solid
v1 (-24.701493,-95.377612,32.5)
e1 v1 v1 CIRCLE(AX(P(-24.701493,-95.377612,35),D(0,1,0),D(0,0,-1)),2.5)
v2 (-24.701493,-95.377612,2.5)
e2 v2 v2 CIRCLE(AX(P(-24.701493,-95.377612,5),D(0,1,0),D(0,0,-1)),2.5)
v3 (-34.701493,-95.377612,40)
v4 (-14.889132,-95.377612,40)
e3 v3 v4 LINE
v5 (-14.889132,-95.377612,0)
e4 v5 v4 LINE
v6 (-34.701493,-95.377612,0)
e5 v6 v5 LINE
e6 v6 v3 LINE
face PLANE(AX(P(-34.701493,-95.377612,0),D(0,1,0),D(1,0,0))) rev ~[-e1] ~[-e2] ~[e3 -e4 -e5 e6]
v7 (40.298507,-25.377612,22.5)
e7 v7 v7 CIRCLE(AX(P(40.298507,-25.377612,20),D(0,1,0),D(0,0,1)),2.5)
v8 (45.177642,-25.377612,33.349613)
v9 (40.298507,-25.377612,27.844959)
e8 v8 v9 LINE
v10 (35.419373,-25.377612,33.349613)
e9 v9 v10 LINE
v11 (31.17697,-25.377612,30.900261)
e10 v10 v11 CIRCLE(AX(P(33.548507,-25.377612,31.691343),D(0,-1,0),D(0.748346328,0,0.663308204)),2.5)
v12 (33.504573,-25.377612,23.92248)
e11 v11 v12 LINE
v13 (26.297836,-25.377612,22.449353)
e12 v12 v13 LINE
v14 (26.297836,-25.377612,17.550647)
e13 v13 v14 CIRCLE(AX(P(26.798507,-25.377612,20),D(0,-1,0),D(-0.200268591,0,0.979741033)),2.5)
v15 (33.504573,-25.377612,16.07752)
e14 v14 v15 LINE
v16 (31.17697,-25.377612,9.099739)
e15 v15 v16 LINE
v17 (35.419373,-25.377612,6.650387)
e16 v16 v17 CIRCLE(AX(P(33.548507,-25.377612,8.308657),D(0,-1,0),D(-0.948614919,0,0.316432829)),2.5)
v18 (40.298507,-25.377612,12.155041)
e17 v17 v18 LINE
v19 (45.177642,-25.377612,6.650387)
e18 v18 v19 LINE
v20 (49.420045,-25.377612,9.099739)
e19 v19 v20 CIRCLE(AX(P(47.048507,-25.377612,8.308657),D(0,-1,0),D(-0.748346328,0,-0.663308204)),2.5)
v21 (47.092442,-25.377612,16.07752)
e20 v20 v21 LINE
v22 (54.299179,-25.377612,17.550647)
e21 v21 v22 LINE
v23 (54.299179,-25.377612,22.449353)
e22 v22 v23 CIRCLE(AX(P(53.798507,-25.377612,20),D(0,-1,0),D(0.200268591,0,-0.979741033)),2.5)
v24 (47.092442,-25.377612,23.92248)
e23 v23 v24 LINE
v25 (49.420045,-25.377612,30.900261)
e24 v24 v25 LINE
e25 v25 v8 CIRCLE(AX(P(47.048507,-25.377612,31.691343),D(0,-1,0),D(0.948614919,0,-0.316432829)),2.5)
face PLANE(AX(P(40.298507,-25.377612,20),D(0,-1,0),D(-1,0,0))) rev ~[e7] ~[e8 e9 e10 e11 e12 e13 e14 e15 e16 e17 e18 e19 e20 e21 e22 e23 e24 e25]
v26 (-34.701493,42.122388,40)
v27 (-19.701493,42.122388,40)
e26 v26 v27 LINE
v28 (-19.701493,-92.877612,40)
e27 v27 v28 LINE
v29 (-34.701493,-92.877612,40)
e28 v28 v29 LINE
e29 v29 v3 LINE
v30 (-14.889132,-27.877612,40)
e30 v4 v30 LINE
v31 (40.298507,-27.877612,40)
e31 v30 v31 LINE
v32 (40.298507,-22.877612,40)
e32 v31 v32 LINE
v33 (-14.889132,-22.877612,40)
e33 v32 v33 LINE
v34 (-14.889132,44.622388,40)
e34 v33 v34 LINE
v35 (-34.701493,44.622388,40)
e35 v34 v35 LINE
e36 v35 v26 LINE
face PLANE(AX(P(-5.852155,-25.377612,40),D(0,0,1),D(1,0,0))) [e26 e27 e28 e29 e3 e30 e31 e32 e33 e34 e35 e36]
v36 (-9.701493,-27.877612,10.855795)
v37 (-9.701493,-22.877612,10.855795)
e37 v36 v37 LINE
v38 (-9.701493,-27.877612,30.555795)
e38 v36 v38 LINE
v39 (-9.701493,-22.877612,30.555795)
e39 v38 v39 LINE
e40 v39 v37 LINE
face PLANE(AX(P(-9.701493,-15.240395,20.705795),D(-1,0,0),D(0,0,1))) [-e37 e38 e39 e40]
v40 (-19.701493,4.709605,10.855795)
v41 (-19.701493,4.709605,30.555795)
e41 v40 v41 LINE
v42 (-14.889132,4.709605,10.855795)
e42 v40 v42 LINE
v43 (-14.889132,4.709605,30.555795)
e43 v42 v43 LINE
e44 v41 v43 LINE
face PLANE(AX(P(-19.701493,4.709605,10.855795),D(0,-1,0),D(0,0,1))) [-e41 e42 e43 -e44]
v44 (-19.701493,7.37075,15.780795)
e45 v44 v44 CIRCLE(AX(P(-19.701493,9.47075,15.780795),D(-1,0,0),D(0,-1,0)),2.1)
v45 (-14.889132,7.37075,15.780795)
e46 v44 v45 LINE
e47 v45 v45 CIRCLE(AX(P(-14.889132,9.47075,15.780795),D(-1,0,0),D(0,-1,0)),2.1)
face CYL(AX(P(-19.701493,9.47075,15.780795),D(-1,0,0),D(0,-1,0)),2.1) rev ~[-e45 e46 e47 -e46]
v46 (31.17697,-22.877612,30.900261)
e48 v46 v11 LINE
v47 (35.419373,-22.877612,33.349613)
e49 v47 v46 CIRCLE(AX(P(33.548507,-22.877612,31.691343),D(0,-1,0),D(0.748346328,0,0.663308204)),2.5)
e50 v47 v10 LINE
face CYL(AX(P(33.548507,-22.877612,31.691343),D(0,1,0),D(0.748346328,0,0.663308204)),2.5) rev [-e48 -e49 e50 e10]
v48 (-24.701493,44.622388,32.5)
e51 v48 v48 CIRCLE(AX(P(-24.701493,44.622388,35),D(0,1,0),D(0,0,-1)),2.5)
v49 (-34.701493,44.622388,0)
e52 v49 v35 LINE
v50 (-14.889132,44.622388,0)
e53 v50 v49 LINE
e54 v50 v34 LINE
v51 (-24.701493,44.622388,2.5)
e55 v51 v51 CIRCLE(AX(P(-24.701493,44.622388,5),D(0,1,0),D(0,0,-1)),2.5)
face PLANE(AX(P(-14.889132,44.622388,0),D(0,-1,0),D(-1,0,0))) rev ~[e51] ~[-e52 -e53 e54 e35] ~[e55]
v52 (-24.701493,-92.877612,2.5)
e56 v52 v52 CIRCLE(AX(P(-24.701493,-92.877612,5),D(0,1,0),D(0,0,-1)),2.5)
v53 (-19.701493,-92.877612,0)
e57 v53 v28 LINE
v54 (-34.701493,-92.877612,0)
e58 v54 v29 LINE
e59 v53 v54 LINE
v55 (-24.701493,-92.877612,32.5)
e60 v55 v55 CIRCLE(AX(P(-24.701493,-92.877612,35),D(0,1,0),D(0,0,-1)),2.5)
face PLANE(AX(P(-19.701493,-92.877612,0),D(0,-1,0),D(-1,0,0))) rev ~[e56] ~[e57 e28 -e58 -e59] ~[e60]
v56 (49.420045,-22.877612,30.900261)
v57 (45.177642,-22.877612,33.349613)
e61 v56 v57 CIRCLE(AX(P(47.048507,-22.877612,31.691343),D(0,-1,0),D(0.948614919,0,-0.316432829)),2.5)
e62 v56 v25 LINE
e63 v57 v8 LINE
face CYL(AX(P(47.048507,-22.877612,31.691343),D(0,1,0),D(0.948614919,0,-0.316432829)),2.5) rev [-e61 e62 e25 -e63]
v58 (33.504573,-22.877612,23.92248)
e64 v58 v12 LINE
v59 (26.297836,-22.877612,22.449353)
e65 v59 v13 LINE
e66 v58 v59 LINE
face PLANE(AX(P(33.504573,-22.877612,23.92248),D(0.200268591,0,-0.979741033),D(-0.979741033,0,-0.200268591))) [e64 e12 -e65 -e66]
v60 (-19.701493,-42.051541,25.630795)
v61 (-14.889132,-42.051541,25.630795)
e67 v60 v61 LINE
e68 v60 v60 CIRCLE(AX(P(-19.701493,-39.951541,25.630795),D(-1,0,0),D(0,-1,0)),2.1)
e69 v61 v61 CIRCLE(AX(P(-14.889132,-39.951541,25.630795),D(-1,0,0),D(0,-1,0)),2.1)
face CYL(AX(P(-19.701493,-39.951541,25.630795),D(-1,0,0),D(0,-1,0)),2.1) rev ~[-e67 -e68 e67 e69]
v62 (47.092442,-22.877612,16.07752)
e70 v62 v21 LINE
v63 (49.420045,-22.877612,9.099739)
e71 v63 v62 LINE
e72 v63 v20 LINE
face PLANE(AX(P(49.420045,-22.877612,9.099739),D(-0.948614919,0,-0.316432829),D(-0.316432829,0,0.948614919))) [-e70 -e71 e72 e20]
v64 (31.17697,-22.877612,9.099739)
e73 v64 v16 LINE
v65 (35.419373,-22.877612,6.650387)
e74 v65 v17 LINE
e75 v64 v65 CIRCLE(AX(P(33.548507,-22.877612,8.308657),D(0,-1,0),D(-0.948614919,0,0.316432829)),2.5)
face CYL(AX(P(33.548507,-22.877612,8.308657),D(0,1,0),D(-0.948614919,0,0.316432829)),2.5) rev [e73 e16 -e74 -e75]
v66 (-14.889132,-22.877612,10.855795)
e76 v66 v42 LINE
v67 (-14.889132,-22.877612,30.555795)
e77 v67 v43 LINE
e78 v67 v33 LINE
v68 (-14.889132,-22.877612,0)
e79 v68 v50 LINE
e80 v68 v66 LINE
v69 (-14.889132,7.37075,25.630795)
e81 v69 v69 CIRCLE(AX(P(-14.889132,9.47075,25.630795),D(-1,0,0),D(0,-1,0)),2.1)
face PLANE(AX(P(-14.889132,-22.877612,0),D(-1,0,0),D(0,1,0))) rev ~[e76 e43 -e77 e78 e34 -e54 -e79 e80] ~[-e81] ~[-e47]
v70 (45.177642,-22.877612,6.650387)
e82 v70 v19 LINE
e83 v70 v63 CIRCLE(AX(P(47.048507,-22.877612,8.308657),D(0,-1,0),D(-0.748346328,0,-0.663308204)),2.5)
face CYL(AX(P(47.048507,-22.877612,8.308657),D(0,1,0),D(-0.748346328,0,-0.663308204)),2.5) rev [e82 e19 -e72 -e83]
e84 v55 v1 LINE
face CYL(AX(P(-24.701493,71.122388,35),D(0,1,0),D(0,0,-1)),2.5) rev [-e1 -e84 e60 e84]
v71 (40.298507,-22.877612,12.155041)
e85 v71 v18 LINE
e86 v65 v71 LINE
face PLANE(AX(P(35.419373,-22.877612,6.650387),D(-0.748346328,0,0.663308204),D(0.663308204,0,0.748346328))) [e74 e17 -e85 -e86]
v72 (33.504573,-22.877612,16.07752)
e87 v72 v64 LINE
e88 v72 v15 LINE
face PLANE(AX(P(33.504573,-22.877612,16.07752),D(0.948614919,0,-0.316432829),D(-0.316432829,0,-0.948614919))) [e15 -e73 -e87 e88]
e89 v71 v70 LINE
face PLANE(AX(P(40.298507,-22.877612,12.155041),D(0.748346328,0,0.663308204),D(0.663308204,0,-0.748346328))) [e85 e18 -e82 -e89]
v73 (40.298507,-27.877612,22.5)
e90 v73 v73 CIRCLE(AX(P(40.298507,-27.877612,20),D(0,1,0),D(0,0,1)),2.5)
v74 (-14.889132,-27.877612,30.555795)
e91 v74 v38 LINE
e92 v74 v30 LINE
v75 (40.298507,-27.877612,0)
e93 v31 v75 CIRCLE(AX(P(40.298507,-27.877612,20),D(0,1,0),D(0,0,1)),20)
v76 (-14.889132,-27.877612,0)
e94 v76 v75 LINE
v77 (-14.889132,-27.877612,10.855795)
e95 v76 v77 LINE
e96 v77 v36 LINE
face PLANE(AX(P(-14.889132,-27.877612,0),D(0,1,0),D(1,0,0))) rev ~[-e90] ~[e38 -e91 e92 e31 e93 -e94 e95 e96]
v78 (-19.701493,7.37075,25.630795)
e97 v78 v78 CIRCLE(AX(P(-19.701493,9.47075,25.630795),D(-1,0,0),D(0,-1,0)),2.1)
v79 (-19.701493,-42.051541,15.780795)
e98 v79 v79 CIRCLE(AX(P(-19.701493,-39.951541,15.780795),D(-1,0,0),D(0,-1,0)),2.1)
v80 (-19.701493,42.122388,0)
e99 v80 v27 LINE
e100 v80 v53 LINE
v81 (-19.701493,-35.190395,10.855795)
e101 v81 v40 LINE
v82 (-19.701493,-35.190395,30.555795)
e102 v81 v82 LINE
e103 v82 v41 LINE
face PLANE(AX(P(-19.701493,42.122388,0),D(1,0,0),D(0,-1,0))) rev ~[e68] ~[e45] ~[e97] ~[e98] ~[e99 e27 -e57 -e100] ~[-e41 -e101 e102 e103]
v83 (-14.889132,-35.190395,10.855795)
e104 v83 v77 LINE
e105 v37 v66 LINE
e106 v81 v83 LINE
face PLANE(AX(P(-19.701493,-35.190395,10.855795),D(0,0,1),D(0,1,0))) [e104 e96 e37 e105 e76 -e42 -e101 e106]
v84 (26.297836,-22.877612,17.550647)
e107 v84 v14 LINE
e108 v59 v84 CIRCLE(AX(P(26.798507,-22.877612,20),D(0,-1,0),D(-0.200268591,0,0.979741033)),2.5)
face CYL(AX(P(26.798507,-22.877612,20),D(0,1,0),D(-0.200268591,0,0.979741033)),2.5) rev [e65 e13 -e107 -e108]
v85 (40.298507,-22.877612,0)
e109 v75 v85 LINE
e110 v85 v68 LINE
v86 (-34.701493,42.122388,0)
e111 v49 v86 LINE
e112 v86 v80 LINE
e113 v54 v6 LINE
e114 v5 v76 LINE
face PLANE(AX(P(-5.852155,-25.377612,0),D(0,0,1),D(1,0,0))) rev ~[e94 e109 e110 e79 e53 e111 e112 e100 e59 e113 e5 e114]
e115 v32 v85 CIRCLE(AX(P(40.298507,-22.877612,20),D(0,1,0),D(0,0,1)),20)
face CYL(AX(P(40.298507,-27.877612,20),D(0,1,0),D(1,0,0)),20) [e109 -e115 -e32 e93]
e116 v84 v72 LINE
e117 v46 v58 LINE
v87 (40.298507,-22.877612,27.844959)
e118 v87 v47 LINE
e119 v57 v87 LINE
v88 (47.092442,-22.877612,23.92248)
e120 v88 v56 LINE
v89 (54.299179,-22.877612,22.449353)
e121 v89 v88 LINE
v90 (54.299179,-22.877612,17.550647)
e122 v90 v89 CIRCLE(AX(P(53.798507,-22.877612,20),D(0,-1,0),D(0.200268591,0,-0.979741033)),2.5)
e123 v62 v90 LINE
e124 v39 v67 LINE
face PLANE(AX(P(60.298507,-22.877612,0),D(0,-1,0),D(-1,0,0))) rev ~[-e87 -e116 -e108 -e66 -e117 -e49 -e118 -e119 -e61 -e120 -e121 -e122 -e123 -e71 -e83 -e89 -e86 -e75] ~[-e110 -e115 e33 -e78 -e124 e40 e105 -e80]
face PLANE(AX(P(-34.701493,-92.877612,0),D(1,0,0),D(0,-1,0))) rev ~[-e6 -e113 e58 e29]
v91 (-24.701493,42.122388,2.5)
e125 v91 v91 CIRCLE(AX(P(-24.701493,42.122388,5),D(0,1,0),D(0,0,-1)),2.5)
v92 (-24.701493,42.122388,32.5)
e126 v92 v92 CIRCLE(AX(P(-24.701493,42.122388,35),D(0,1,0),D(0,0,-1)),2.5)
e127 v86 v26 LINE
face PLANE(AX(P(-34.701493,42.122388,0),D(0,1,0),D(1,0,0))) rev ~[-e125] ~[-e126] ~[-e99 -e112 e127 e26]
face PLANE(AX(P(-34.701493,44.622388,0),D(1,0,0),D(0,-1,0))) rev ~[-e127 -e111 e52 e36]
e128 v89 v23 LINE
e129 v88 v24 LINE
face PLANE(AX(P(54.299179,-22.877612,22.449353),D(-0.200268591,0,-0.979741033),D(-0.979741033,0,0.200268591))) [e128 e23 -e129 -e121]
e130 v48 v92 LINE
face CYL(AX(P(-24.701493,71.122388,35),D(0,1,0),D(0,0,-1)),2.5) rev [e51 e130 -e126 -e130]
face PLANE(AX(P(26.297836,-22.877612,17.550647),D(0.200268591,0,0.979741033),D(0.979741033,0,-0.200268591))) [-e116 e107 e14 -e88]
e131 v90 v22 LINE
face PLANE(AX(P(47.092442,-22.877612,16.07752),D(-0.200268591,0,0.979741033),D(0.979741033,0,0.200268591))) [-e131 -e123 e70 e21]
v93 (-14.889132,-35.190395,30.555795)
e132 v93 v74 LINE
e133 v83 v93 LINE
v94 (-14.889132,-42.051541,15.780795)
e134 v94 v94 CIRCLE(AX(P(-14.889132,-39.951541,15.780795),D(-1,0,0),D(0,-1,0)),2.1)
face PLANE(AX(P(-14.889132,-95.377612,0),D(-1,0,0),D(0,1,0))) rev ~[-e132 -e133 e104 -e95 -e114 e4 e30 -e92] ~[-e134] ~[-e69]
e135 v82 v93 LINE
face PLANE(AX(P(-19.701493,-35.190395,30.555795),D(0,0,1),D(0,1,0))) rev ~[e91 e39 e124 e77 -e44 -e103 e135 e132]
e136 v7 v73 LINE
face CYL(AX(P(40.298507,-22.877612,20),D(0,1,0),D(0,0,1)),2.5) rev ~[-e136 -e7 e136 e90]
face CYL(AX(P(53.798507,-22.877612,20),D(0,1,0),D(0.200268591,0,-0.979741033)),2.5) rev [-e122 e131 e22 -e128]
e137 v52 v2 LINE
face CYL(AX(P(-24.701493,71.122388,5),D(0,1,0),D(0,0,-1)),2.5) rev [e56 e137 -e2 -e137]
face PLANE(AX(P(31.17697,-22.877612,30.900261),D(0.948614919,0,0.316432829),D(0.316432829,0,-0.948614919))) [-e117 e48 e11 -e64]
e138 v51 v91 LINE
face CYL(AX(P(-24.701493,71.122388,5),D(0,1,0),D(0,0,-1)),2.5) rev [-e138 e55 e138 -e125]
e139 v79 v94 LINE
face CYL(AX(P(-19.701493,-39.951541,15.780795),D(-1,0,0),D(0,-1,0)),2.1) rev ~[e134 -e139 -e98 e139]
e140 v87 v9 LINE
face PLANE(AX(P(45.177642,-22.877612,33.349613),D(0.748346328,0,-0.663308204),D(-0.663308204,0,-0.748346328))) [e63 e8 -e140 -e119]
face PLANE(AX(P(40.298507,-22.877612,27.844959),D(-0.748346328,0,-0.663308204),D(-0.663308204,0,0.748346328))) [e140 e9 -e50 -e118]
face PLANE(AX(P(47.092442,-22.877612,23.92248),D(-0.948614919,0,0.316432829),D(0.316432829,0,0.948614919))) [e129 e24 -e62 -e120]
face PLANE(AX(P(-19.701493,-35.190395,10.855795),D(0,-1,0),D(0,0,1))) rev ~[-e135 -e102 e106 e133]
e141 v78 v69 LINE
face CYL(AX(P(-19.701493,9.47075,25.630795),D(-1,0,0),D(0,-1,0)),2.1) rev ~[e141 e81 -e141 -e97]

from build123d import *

# Parameters (mm, degrees)
BOSS_EXTRUDE2_DEPTH     = 40
FILLET3_RADIUS          = 20
FILLET3_LENGTH          = 5
SKETCH5_R               = 2.5
CUT_EXTRUDE2_DEPTH      = 40
SKETCH6_R               = 2.1
SKETCH6_W               = 19.7
SKETCH6_H               = 39.9
CUT_EXTRUDE3_DEPTH      = 10
CUT_EXTRUDE4_DEPTH      = 2.5
CUT_EXTRUDE5_DEPTH      = 138
CUT_EXTRUDE5_DEPTH_BACK = 49
SKETCH8_R               = 2.5


with BuildPart() as part:
    # Sketch4 → Boss-Extrude2 (new body)
    with BuildSketch(Plane.XY):
        Polygon((-19.701492537, 42.12238806), (-19.701492537, -27.87761194), (-19.701492537, -92.87761194), (-34.701492537, -92.87761194), (-34.701492537, -95.37761194), (-14.889132329, -95.37761194), (-14.889132329, -27.87761194), (60.298507463, -27.87761194), (60.298507463, -22.87761194), (-14.889132329, -22.87761194), (-14.889132329, 44.62238806), (-34.701492537, 44.62238806), (-34.701492537, 42.12238806), align=None)
    extrude(amount=BOSS_EXTRUDE2_DEPTH)

    # Fillet3: full round fillet: the end face becomes a half cylinder, R = half its width
    fillet3_face = Plane((60.298507463, -25.37761194, 20), x_dir=(0, 1, 0), z_dir=(1, 0, 0))  # on the end face: x along it, z out of the body
    fillet3_slab = fillet3_face.offset(-FILLET3_RADIUS / 2) * Box(FILLET3_LENGTH, 2 * FILLET3_RADIUS, FILLET3_RADIUS, mode=Mode.PRIVATE)  # the body's end, R deep
    fillet3_round = Plane((40.298507463, -25.37761194, 20), x_dir=(1, 0, 0), z_dir=(0, 1, 0)) * Cylinder(FILLET3_RADIUS, FILLET3_LENGTH, mode=Mode.PRIVATE)  # its axis R under the face
    add(fillet3_slab - fillet3_round, mode=Mode.SUBTRACT)

    # Sketch5 → Cut-Extrude2 (cut)
    with BuildSketch(Plane(origin=(0, -22.87761194, 0), x_dir=(1, 0, 0), z_dir=(0, 1, 0))):
        with Locations(Location((40.298507463, -20, 0), (0, 0, 270))):
            Circle(SKETCH5_R)
    extrude(amount=-CUT_EXTRUDE2_DEPTH, mode=Mode.SUBTRACT)

    # Sketch6 → Cut-Extrude3 (cut)
    with BuildSketch(Plane.ZY.offset(19.701492537)):
        with Locations(Location((15.780795158, 9.470750249, 0), (0, 0, 270))):
            Circle(SKETCH6_R)
        with Locations(Location((25.630795158, 9.470750249, 0), (0, 0, 270))):
            Circle(SKETCH6_R)
        with Locations(Location((15.780795158, -39.951540987, 0), (0, 0, 270))):
            Circle(SKETCH6_R)
        with Locations(Location((25.630795158, -39.951540987, 0), (0, 0, 270))):
            Circle(SKETCH6_R)
        with Locations((20.705795158, -15.240395369)):
            Rectangle(SKETCH6_W, SKETCH6_H)
    extrude(amount=-CUT_EXTRUDE3_DEPTH, mode=Mode.SUBTRACT)

    # Sketch7 → Cut-Extrude4 (cut)
    with BuildSketch(Plane(origin=(0, -22.87761194, 0), x_dir=(1, 0, 0), z_dir=(0, 1, 0))):
        with BuildLine():
            Line((35.419373283, -6.650386539), (40.298507463, -12.155040525))
            Line((40.298507463, -12.155040525), (45.177641643, -6.650386539))
            ThreePointArc((45.177641643, -6.650386539), (48.298507463, -6.143593539), (49.42004476, -9.099739121))
            Line((49.42004476, -9.099739121), (47.09244166, -16.077520262))
            Line((47.09244166, -16.077520262), (54.29917894, -17.550647418))
            ThreePointArc((54.29917894, -17.550647418), (56.298507463, -20), (54.29917894, -22.449352582))
            Line((54.29917894, -22.449352582), (47.09244166, -23.922479738))
            Line((47.09244166, -23.922479738), (49.42004476, -30.900260879))
            ThreePointArc((49.42004476, -30.900260879), (48.298507463, -33.856406461), (45.177641643, -33.349613461))
            Line((45.177641643, -33.349613461), (40.298507463, -27.844959475))
            Line((40.298507463, -27.844959475), (35.419373283, -33.349613461))
            ThreePointArc((35.419373283, -33.349613461), (32.298507463, -33.856406461), (31.176970165, -30.900260879))
            Line((31.176970165, -30.900260879), (33.504573265, -23.922479738))
            Line((33.504573265, -23.922479738), (26.297835985, -22.449352582))
            ThreePointArc((26.297835985, -22.449352582), (24.298507463, -20), (26.297835985, -17.550647418))
            Line((26.297835985, -17.550647418), (33.504573265, -16.077520262))
            Line((33.504573265, -16.077520262), (31.176970165, -9.099739121))
            ThreePointArc((31.176970165, -9.099739121), (32.298507463, -6.143593539), (35.419373283, -6.650386539))
        make_face()
    extrude(amount=-CUT_EXTRUDE4_DEPTH, mode=Mode.SUBTRACT)

    # Sketch8 → Cut-Extrude5 (cut, two sides: drawn at the far end of the back side and taken through both)
    with BuildSketch(Plane(origin=(0, 22.12238806, 0), x_dir=(-1, 0, 0), z_dir=(0, -1, 0)).offset(-CUT_EXTRUDE5_DEPTH_BACK)):
        with Locations(Location((24.701492537, -5, 0), (0, 0, 90))):
            Circle(SKETCH8_R)
        with Locations(Location((24.701492537, -35, 0), (0, 0, 90))):
            Circle(SKETCH8_R)
    extrude(amount=CUT_EXTRUDE5_DEPTH + CUT_EXTRUDE5_DEPTH_BACK, mode=Mode.SUBTRACT)


solid = part.part
